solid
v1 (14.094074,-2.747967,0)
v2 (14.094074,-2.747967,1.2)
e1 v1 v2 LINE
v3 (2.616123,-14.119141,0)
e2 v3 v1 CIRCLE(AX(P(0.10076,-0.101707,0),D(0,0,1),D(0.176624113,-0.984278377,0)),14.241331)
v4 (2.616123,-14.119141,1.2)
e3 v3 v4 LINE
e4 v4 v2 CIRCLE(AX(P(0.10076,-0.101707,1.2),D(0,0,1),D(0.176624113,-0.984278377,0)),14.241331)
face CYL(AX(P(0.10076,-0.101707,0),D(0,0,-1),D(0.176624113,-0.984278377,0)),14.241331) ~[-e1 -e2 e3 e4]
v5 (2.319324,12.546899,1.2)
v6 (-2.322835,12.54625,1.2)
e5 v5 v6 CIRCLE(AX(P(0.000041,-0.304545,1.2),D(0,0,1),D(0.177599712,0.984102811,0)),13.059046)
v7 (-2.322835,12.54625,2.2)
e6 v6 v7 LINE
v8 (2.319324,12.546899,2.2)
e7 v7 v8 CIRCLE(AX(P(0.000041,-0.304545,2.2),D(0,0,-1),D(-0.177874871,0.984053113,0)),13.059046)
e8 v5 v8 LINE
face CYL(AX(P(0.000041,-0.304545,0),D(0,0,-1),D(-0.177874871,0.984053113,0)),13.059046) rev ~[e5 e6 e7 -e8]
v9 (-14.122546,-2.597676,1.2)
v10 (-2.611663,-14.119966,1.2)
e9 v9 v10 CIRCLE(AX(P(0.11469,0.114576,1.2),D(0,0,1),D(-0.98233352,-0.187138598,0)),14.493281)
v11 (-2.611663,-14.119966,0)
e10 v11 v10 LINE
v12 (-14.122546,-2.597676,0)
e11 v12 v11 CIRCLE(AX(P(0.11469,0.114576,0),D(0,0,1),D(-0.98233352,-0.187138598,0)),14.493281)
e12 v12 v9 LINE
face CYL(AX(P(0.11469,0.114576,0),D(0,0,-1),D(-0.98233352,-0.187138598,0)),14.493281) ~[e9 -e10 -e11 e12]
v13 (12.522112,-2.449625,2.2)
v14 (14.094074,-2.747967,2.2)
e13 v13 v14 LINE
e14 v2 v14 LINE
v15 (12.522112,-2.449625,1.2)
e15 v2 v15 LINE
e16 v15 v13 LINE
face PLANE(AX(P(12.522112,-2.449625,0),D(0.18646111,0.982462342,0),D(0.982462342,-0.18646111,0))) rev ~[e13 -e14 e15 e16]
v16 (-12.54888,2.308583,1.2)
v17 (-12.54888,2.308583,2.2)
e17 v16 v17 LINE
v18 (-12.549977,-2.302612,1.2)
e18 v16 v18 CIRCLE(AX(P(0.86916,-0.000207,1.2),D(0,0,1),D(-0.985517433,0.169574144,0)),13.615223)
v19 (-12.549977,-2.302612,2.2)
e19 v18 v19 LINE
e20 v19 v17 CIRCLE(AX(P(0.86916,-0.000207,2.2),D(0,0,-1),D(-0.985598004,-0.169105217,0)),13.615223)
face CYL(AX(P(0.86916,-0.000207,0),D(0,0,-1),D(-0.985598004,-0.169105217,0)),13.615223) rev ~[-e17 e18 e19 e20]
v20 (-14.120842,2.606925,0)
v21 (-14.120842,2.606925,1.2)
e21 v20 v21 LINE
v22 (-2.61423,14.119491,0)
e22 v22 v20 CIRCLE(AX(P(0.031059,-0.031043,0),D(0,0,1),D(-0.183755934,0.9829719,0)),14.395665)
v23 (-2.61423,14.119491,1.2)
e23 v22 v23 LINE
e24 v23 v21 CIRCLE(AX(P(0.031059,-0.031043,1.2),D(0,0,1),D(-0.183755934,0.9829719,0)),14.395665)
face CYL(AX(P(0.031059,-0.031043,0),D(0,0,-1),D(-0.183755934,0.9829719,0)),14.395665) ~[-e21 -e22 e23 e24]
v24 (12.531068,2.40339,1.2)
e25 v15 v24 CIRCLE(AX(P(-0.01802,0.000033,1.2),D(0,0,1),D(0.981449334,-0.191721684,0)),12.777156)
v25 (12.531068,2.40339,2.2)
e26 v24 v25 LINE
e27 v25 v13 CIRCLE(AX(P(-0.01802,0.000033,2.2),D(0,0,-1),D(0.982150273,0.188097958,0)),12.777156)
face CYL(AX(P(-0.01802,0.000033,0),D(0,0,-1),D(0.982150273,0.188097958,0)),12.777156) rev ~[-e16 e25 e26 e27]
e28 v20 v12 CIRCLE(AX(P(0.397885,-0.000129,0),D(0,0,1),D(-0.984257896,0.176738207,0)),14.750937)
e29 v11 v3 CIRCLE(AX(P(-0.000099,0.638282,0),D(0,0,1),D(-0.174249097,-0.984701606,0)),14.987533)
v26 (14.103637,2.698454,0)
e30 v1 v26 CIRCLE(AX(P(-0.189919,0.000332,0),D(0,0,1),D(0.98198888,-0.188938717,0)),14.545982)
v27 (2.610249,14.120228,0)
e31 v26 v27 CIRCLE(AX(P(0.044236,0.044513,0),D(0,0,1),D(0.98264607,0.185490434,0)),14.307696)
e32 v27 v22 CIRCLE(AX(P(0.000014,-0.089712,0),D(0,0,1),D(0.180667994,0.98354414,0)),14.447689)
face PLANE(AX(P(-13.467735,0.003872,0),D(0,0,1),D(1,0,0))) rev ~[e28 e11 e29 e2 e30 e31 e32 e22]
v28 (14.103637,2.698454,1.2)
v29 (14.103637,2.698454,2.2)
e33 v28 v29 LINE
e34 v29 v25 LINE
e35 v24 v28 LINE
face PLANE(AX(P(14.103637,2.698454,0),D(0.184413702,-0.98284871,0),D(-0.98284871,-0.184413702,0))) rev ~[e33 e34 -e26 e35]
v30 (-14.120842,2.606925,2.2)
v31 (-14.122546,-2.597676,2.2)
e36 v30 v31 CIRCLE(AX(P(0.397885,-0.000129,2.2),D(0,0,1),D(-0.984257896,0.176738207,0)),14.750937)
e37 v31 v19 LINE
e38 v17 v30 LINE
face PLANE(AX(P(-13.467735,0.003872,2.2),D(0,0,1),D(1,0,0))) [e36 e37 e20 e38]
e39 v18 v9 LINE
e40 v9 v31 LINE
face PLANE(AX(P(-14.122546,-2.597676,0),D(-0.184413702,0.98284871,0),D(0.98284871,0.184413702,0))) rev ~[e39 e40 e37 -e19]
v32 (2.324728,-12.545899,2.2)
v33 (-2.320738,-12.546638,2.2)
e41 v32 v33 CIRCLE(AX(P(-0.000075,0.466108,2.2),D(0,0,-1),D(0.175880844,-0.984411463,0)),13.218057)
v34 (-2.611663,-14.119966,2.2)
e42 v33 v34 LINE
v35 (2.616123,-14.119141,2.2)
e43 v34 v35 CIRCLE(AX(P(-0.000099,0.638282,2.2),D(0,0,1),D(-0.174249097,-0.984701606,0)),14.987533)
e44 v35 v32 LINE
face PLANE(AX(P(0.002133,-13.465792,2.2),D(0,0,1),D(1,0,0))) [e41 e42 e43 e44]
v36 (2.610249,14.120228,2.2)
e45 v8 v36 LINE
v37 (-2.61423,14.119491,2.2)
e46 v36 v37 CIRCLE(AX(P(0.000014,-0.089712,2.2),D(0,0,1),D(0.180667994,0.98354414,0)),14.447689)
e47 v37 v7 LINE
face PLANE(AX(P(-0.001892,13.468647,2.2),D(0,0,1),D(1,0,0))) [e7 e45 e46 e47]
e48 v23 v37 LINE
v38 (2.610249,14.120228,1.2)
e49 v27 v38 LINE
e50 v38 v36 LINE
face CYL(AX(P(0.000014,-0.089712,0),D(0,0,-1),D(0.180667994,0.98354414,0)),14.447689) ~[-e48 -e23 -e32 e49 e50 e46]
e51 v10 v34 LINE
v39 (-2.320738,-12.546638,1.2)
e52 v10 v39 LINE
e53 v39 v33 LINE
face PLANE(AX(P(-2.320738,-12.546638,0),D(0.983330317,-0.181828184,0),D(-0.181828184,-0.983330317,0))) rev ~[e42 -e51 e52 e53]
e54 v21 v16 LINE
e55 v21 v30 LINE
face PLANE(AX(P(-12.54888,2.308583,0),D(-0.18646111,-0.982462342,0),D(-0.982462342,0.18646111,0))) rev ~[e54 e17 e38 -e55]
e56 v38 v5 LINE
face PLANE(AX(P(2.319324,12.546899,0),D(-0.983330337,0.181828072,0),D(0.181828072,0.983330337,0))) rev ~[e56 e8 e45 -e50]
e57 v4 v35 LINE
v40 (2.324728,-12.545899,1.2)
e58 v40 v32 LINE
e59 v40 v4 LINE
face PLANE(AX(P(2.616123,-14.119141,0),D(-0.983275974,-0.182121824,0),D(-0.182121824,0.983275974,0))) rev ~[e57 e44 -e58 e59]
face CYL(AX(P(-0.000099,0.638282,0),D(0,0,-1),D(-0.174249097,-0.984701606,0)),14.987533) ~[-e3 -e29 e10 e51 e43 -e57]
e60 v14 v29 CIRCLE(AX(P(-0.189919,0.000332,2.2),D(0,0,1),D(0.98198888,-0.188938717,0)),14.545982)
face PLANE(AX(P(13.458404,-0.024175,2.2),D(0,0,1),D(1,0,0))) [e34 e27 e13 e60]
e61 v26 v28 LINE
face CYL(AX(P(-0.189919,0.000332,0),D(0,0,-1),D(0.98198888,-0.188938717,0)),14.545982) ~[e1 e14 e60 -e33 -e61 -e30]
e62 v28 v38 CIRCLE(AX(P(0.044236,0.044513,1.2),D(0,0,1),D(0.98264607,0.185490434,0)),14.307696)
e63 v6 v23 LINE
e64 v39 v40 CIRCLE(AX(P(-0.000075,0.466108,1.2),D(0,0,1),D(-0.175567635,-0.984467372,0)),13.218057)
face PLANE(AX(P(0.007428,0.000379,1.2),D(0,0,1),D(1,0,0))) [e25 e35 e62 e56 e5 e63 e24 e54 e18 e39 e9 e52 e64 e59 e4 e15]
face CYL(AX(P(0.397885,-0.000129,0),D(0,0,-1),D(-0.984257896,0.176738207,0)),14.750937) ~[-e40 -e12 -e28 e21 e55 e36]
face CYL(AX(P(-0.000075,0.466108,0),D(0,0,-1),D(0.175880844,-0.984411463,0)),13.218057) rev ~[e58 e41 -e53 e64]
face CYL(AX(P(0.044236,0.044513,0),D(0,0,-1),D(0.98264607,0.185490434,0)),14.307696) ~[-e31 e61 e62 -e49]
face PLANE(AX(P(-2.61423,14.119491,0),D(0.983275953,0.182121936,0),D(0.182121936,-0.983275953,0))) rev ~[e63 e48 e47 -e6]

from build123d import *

# Parameters (mm, degrees)
F1_DEPTH = 1.2
F2_DEPTH = 2.2


with BuildPart() as f1:
    # F0 (on Top) → F1 (new body)
    with BuildSketch(Plane.XY):
        with BuildLine():
            ThreePointArc((-2.61423, 14.119491), (-10.150846, 10.145596), (-14.120842, 2.606925))
            Line((-14.120842, 2.606925), (-12.54888, 2.308583))
            ThreePointArc((-12.54888, 2.308583), (-12.746063, 0.003032), (-12.549977, -2.302612))
            Line((-12.549977, -2.302612), (-14.122546, -2.597676))
            ThreePointArc((-14.122546, -2.597676), (-10.138682, -10.128644), (-2.611663, -14.119966))
            Line((-2.611663, -14.119966), (-2.320738, -12.546638))
            ThreePointArc((-2.320738, -12.546638), (0.002028, -12.751949), (2.324728, -12.545899))
            Line((2.324728, -12.545899), (2.616123, -14.119141))
            ThreePointArc((2.616123, -14.119141), (10.123734, -10.218797), (14.094074, -2.747967))
            Line((14.094074, -2.747967), (12.522112, -2.449625))
            ThreePointArc((12.522112, -2.449625), (12.759115, -0.023547), (12.531068, 2.40339))
            Line((12.531068, 2.40339), (14.103637, 2.698454))
            ThreePointArc((14.103637, 2.698454), (10.129638, 10.19315), (2.610249, 14.120228))
            Line((2.610249, 14.120228), (2.319324, 12.546899))
            ThreePointArc((2.319324, 12.546899), (-0.001785, 12.754501), (-2.322835, 12.54625))
            Line((-2.322835, 12.54625), (-2.61423, 14.119491))
        make_face()
    extrude(amount=F1_DEPTH)

    # F0 (on Top) → F2 (join)
    with BuildSketch(Plane.XY):
        with BuildLine():
            Line((-12.54888, 2.308583), (-14.120842, 2.606925))
            ThreePointArc((-14.120842, 2.606925), (-14.353052, 0.0047), (-14.122546, -2.597676))
            Line((-14.122546, -2.597676), (-12.549977, -2.302612))
            ThreePointArc((-12.549977, -2.302612), (-12.746063, 0.003032), (-12.54888, 2.308583))
        make_face()
        with BuildLine():
            ThreePointArc((2.610249, 14.120228), (-0.002024, 14.357977), (-2.61423, 14.119491))
            Line((-2.61423, 14.119491), (-2.322835, 12.54625))
            ThreePointArc((-2.322835, 12.54625), (-0.001785, 12.754501), (2.319324, 12.546899))
            Line((2.319324, 12.546899), (2.610249, 14.120228))
        make_face()
        with BuildLine():
            ThreePointArc((14.094074, -2.747967), (14.356041, -0.025208), (14.103637, 2.698454))
            Line((14.103637, 2.698454), (12.531068, 2.40339))
            ThreePointArc((12.531068, 2.40339), (12.759115, -0.023547), (12.522112, -2.449625))
            Line((12.522112, -2.449625), (14.094074, -2.747967))
        make_face()
        with BuildLine():
            Line((-2.320738, -12.546638), (-2.611663, -14.119966))
            ThreePointArc((-2.611663, -14.119966), (0.002266, -14.349251), (2.616123, -14.119141))
            Line((2.616123, -14.119141), (2.324728, -12.545899))
            ThreePointArc((2.324728, -12.545899), (0.002028, -12.751949), (-2.320738, -12.546638))
        make_face()
    extrude(amount=F2_DEPTH)


solid = f1.part
